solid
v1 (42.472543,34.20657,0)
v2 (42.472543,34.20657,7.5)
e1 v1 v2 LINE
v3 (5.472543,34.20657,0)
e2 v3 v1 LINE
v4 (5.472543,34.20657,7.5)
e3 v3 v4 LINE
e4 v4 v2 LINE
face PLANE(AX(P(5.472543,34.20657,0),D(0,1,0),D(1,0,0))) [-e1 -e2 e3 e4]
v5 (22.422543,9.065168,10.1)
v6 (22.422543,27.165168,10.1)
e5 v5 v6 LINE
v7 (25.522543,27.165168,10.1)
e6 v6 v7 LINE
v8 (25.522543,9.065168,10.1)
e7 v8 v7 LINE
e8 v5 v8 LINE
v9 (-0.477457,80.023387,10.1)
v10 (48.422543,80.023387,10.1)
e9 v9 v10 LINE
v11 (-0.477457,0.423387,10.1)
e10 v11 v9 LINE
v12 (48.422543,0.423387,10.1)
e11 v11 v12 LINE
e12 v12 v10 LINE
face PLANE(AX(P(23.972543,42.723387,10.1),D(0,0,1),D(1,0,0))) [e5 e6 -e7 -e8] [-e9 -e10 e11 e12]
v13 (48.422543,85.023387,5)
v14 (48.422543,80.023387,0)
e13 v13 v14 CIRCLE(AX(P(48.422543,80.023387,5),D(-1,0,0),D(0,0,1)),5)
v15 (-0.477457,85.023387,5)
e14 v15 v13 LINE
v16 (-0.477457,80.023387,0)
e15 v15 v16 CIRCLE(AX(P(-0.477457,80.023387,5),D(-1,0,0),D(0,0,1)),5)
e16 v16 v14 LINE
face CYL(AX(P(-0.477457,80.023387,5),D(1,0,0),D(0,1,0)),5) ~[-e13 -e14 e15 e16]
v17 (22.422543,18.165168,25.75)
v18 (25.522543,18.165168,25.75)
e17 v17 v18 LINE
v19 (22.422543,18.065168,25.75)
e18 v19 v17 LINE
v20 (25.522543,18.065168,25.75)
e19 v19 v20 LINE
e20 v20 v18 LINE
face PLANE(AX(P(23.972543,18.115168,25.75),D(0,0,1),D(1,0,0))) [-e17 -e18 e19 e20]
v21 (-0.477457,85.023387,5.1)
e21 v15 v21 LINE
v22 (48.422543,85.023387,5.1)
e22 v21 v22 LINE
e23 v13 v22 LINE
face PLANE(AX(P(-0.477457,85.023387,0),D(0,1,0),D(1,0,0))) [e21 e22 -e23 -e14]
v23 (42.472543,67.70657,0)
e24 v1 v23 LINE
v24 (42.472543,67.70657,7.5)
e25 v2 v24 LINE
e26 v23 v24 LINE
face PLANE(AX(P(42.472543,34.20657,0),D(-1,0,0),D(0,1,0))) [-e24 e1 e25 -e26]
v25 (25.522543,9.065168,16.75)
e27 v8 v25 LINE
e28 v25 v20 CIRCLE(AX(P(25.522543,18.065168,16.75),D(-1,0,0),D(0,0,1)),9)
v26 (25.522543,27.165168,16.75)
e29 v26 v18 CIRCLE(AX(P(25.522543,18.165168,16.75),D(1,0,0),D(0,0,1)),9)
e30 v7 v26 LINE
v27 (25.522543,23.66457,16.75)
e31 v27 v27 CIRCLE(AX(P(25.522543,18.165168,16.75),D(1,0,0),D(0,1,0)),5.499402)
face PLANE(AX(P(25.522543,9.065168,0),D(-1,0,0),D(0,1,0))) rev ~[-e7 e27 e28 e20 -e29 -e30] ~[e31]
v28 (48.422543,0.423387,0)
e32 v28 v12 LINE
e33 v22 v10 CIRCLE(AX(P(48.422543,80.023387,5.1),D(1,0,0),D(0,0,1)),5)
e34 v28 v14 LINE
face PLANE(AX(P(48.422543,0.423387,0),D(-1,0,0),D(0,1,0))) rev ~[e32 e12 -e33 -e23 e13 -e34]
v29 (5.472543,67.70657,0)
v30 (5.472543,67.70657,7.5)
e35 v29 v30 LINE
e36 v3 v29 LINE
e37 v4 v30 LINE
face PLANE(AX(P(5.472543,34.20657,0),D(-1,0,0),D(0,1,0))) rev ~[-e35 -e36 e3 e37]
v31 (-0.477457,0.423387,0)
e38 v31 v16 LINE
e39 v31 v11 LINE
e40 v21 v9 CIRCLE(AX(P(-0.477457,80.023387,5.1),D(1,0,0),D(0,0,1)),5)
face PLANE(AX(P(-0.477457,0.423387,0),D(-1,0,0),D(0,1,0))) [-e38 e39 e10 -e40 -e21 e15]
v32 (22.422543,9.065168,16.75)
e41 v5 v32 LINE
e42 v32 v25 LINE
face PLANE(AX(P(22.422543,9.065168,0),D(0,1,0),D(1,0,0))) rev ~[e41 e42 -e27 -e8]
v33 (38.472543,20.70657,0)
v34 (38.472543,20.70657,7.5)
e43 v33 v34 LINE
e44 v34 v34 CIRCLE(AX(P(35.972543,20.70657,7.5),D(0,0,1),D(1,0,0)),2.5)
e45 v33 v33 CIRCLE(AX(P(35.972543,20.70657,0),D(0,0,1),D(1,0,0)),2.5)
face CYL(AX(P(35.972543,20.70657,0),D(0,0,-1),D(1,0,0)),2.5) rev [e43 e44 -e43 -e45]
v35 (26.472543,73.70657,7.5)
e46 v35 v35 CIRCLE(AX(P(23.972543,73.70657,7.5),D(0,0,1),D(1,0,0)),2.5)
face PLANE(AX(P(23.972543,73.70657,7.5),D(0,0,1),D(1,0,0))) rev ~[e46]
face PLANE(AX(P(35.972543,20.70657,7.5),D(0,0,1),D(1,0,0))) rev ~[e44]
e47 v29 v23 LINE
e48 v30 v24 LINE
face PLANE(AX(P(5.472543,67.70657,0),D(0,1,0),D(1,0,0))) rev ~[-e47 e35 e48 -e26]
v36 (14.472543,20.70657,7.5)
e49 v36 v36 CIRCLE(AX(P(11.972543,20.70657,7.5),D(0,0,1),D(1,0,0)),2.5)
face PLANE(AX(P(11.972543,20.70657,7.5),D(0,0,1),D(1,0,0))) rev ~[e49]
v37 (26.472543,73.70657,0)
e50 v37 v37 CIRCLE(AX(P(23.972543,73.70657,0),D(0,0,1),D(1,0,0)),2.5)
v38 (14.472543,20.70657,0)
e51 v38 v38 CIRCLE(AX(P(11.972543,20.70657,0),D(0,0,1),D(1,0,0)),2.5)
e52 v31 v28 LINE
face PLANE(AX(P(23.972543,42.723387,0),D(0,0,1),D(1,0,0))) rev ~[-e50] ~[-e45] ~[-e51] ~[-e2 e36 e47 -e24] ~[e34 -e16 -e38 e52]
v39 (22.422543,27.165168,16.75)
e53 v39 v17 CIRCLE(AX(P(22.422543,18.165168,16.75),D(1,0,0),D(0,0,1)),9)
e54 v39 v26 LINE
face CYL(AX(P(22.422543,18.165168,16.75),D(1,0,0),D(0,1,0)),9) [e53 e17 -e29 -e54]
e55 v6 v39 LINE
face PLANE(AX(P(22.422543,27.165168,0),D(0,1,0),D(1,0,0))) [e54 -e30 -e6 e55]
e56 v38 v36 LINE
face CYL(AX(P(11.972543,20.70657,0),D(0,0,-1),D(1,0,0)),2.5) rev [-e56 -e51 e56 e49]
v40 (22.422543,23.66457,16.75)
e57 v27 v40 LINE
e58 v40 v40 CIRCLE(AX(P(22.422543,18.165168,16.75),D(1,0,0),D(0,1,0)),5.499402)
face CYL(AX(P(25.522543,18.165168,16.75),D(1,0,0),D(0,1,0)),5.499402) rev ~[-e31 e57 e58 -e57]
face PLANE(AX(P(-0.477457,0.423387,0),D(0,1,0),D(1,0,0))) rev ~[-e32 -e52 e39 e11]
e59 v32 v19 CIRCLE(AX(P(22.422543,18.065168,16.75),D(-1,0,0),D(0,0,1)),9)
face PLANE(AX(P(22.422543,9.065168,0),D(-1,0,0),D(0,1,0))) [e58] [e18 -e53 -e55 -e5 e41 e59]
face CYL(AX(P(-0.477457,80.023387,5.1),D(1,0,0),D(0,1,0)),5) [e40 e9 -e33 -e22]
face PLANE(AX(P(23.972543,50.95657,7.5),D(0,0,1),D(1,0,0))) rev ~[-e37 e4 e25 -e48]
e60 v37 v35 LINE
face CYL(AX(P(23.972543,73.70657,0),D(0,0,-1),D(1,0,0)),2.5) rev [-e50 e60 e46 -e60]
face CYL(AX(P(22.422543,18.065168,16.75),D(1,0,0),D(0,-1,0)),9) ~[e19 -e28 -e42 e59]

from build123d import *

# Parameters (mm, degrees)
F0_W     = 3.1
F0_H     = 18.1
F1_DEPTH = 25.75
F0_W_2   = 48.9
F0_H_2   = 84.6
F2_DEPTH = 10.1
F3_R     = 5
F4_R     = 9
F5_R     = 5.499402
F6_DEPTH = 26.001
F7_R     = 2.5
F7_W     = 37
F7_H     = 33.5
F8_DEPTH = 7.5


with BuildPart() as f1:
    # F0 (on Top) → F1 (new body)
    with BuildSketch(Plane.XY):
        with Locations((23.972543, 18.115168)):
            Rectangle(F0_W, F0_H)
    extrude(amount=F1_DEPTH)

    # F0 (on Top) → F2 (join)
    with BuildSketch(Plane.XY):
        with Locations((23.972543, 42.723387)):
            Rectangle(F0_W_2, F0_H_2)
        with Locations((23.972543, 18.115168)):
            Rectangle(F0_W, F0_H, mode=Mode.SUBTRACT)
    extrude(amount=F2_DEPTH)

    # F3
    f3_edges = [f1.edges().sort_by_distance(p)[0] for p in [
        (23.972543, 85.023387, 10.1),
        (23.972543, 85.023387, 0),
    ]]
    fillet(f3_edges, radius=F3_R)

    # F4
    f4_edges = [f1.edges().sort_by_distance(p)[0] for p in [
        (23.972543, 9.065168, 25.75),
        (23.972543, 27.165168, 25.75),
    ]]
    fillet(f4_edges, radius=F4_R)

    # F5 (on face) → F6 (cut, through all)
    with BuildSketch(Plane.YZ.offset(25.522543)):
        with Locations((18.165168, 16.75)):
            Circle(F5_R)
    extrude(amount=-F6_DEPTH, mode=Mode.SUBTRACT)

    # F7 (on face) → F8 (cut)
    with BuildSketch(Plane.XY):
        with Locations((23.972543, 73.70657)):
            Circle(F7_R)
        with Locations((35.972543, 20.70657)):
            Circle(F7_R)
        with Locations((11.972543, 20.70657)):
            Circle(F7_R)
        with Locations((23.972543, 50.95657)):
            Rectangle(F7_W, F7_H)
    extrude(amount=F8_DEPTH, mode=Mode.SUBTRACT)


solid = f1.part
